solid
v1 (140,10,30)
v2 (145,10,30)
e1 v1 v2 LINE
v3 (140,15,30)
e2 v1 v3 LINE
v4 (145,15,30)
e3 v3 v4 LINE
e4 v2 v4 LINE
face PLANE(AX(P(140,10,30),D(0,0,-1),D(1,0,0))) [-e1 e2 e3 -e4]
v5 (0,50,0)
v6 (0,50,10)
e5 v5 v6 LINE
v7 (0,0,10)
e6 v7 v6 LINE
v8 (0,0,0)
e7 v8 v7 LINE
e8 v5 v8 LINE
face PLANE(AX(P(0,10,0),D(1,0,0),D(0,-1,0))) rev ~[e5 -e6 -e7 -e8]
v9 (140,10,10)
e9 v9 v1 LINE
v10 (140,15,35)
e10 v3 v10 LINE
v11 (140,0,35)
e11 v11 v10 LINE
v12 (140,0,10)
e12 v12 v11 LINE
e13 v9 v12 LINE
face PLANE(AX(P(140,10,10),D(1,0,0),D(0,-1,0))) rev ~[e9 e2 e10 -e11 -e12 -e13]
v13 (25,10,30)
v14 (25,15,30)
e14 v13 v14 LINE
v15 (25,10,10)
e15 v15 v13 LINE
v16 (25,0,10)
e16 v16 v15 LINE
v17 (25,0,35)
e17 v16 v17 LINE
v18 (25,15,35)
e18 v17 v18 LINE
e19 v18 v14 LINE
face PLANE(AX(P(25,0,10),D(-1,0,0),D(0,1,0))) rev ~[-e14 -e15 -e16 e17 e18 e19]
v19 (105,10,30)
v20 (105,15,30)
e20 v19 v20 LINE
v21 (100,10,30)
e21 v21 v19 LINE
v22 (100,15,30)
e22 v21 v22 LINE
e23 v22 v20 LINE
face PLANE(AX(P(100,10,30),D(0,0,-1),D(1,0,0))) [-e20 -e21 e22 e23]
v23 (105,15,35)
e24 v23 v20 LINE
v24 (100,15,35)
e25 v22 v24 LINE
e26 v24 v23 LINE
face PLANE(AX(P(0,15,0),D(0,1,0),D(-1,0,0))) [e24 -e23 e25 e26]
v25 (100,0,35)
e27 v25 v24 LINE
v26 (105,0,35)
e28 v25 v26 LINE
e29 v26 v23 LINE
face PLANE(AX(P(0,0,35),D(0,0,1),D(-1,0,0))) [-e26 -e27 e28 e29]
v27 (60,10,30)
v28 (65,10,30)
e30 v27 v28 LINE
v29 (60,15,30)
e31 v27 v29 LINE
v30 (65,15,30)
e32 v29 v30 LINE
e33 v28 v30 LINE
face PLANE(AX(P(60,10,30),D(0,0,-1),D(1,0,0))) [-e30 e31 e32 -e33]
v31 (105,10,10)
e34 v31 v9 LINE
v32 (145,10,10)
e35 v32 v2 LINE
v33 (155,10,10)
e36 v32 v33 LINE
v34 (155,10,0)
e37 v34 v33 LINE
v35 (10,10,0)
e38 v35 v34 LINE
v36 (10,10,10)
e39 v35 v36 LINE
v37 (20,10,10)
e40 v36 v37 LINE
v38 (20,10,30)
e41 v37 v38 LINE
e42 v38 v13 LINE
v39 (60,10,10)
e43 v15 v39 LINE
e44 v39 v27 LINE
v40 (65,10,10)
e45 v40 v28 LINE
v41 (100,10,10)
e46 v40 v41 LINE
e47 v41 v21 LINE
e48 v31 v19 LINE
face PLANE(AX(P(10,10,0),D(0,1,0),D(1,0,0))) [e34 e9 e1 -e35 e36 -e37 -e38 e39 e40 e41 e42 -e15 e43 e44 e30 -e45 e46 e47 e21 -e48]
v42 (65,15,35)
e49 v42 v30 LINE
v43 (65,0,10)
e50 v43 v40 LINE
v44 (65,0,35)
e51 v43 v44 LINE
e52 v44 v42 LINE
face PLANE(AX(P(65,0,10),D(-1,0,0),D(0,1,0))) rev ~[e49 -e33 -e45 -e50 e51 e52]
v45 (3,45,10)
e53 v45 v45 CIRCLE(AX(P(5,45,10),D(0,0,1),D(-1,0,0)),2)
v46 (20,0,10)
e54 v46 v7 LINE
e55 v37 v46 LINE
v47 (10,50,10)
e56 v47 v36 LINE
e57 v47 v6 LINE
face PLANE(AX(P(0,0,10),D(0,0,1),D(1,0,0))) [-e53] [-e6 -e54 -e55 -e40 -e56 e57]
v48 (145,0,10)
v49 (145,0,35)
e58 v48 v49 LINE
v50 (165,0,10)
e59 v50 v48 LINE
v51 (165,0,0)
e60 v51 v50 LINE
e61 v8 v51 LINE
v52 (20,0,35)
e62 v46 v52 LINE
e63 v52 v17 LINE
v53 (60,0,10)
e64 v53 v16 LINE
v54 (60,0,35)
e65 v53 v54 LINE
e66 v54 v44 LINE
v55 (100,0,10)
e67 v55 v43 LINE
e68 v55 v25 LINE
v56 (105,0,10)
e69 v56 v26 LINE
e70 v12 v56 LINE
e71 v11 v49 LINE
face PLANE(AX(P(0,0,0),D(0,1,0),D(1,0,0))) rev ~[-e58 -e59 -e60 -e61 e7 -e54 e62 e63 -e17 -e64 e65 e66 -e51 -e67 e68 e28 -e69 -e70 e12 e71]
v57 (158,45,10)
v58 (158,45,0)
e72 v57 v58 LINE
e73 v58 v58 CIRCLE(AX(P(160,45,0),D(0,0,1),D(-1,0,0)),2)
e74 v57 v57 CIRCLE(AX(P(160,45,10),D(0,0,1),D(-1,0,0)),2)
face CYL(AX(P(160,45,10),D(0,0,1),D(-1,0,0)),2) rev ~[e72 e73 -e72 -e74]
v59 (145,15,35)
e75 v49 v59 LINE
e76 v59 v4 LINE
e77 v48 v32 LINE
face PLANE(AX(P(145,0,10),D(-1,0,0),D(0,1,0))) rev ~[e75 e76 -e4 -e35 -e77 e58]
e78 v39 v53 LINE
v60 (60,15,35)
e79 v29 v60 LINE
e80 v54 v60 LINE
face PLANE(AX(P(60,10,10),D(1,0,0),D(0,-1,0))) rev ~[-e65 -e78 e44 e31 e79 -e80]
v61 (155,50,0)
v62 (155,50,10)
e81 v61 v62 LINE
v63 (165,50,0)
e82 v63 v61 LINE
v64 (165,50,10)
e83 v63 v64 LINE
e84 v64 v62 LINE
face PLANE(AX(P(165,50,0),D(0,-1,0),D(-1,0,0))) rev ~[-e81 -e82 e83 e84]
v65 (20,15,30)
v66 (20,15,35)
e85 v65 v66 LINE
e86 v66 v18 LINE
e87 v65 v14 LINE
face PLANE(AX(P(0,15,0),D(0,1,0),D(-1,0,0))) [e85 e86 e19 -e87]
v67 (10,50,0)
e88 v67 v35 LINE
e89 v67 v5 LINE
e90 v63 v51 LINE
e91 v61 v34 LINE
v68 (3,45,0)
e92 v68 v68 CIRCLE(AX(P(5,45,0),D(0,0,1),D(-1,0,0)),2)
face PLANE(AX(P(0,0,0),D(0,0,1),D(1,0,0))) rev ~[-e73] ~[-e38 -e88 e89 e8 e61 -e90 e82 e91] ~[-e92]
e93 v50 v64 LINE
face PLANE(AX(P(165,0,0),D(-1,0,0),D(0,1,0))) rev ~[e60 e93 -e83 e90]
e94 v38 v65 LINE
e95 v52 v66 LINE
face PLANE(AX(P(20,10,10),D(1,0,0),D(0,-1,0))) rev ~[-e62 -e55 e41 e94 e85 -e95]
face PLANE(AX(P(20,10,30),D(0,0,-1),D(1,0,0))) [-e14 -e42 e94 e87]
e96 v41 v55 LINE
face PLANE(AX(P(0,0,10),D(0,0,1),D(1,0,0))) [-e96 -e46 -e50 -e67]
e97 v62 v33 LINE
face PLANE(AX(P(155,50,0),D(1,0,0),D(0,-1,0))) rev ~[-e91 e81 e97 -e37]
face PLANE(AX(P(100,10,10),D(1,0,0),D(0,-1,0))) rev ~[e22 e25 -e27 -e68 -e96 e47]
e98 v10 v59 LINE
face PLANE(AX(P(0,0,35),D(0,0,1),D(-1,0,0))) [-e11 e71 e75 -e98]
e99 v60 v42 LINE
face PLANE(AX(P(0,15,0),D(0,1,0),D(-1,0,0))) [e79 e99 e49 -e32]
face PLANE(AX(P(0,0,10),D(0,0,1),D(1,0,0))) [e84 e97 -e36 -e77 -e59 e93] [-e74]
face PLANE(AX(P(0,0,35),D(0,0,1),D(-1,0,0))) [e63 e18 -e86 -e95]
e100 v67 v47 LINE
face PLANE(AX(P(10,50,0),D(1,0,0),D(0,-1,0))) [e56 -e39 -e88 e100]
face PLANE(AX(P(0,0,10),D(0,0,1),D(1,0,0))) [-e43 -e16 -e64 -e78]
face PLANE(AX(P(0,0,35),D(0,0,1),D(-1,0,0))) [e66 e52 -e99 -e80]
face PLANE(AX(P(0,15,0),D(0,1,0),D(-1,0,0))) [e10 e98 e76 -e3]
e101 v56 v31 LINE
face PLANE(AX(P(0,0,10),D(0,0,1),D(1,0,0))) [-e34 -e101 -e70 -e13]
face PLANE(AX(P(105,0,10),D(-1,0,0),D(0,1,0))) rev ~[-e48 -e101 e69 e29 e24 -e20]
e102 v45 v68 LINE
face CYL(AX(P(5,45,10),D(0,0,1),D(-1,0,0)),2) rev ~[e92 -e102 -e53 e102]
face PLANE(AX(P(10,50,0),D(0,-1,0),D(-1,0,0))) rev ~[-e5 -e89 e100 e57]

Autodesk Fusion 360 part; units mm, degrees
sketch "Sketch1" plane through (0, 0, 0) normal (0, 0, 1) x (1, 0, 0)
  line L0 (0, 0) -> (165, 0)
  line L1 (165, 0) -> (165, 50)
  line L2 (165, 50) -> (0, 50)
  line L3 (0, 50) -> (0, 0)
  line L4 (0, 50) -> (10, 50)
  line L5 (10, 50) -> (10, 0)
  line L6 (10, 0) -> (0, 0)
  line L7 (0, 0) -> (0, 50)
  line L8 (165, 50) -> (155, 50)
  line L9 (155, 50) -> (155, 0)
  line L10 (155, 0) -> (165, 0)
  line L11 (165, 0) -> (165, 50)
  line L12 (0, 10) -> (165, 10)
  line L13 (165, 10) -> (165, 0)
  line L14 (165, 0) -> (0, 0)
  line L15 (0, 0) -> (0, 10)
  dimension "d1" = 165
  dimension "d2" = 50
  dimension "d3" = 10
  dimension "d4" = 10
  dimension "d5" = 50
extrude "Extrude1" add sketch "Sketch1" along normal blind 10 contours L0 L3 L5 L6 L7 L12 L14 L15 | L0 L5 L9 L12 L14 | L2 L3 L4 L5 L7 L12 | L0 L1 L9 L10 L11 L12 L13 L14 | L1 L2 L8 L9 L11 L12
sketch "Sketch2" plane through (0, 0, 10) normal (0, 0, 1) x (-1, 0, 0)
  line L0 (-165, 0) -> (-165, -50)
  line L1 (-165, -50) -> (-155, -50)
  line L2 (-155, -50) -> (-155, -10)
  line L3 (-155, -10) -> (-10, -10)
  line L4 (-10, -10) -> (-10, -50)
  line L5 (-10, -50) -> (0, -50)
  line L6 (0, -50) -> (0, 0)
  line L7 (0, 0) -> (-165, 0)
  circle A0 centre (-5, -45) radius 2
  circle A1 centre (-160, -45) radius 2
  dimension "d8" = 4
  dimension "d9" = 4
extrude "Extrude2" cut sketch "Sketch2" against normal blind 10 contours A0 | A1
sketch "Sketch3" plane through (0, 0, 10) normal (0, 0, 1) x (-1, 0, 0)
  circle A0 centre (-160, -45) radius 2
  circle A1 centre (-5, -45) radius 2
  line L0 (-165, 0) -> (-165, -50)
  line L1 (-165, -50) -> (-155, -50)
  line L2 (-155, -50) -> (-155, -10)
  line L3 (-155, -10) -> (-10, -10)
  line L4 (-10, -10) -> (-10, -50)
  line L5 (-10, -50) -> (0, -50)
  line L6 (0, -50) -> (0, 0)
  line L7 (0, 0) -> (-165, 0)
  line L8 (0, 0) -> (-20, 0)
  line L9 (-20, 0) -> (-25, 0)
  line L10 (-25, 0) -> (-25, -10)
  line L11 (-25, -10) -> (-20, -10)
  line L12 (-20, -10) -> (-20, 0)
  line L13 (-25, 0) -> (-60, 0)
  line L14 (-60, 0) -> (-65, 0)
  line L15 (-65, 0) -> (-65, -10)
  line L16 (-65, -10) -> (-60, -10)
  line L17 (-60, -10) -> (-60, 0)
  line L18 (-65, 0) -> (-100, 0)
  line L19 (-100, 0) -> (-105, 0)
  line L20 (-105, 0) -> (-105, -10)
  line L21 (-105, -10) -> (-100, -10)
  line L22 (-100, -10) -> (-100, 0)
  line L23 (-105, 0) -> (-140, 0)
  line L24 (-140, 0) -> (-145, 0)
  line L25 (-145, 0) -> (-145, -10)
  line L26 (-145, -10) -> (-140, -10)
  line L27 (-140, -10) -> (-140, 0)
  dimension "d12" = 20
  dimension "d13" = 5
  dimension "d14" = 10
  dimension "d15" = 35
  dimension "d16" = 35
  dimension "d17" = 35
extrude "Extrude3" add sketch "Sketch3" along normal blind 25 contours L3 L7 L24 L25 L26 L27 | L3 L7 L19 L20 L21 L22 | L3 L7 L14 L15 L16 L17 | L3 L7 L9 L10 L11 L12
sketch "Sketch4" plane through (0, 10, 0) normal (0, 1, 0) x (-1, 0, 0)
  line L0 (-155, 0) -> (-10, 0)
  line L1 (-10, 0) -> (-10, 10)
  line L2 (-10, 10) -> (-20, 10)
  line L3 (-20, 10) -> (-20, 35)
  line L4 (-20, 35) -> (-25, 35)
  line L5 (-25, 35) -> (-25, 10)
  line L6 (-25, 10) -> (-60, 10)
  line L7 (-60, 10) -> (-60, 35)
  line L8 (-60, 35) -> (-65, 35)
  line L9 (-65, 35) -> (-65, 10)
  line L10 (-65, 10) -> (-100, 10)
  line L11 (-100, 10) -> (-100, 35)
  line L12 (-100, 35) -> (-105, 35)
  line L13 (-105, 35) -> (-105, 10)
  line L14 (-105, 10) -> (-140, 10)
  line L15 (-140, 10) -> (-140, 35)
  line L16 (-140, 35) -> (-145, 35)
  line L17 (-145, 35) -> (-145, 10)
  line L18 (-145, 10) -> (-155, 10)
  line L19 (-155, 10) -> (-155, 0)
  line L20 (-20, 30) -> (-25, 30)
  line L21 (-25, 30) -> (-25, 35)
  line L22 (-25, 35) -> (-20, 35)
  line L23 (-20, 35) -> (-20, 30)
  line L24 (-60, 30) -> (-65, 30)
  line L25 (-65, 30) -> (-65, 35)
  line L26 (-65, 35) -> (-60, 35)
  line L27 (-60, 35) -> (-60, 30)
  line L28 (-100, 30) -> (-105, 30)
  line L29 (-105, 30) -> (-105, 35)
  line L30 (-105, 35) -> (-100, 35)
  line L31 (-100, 35) -> (-100, 30)
  line L32 (-140, 30) -> (-145, 30)
  line L33 (-145, 30) -> (-145, 35)
  line L34 (-145, 35) -> (-140, 35)
  line L35 (-140, 35) -> (-140, 30)
extrude "Extrude4" add sketch "Sketch4" along normal blind 5 contours L15 L16 L17 L32 L33 L34 L35 | L3 L4 L5 L20 L21 L22 L23 | L11 L12 L13 L28 L29 L30 L31 | L7 L8 L9 L24 L25 L26 L27
